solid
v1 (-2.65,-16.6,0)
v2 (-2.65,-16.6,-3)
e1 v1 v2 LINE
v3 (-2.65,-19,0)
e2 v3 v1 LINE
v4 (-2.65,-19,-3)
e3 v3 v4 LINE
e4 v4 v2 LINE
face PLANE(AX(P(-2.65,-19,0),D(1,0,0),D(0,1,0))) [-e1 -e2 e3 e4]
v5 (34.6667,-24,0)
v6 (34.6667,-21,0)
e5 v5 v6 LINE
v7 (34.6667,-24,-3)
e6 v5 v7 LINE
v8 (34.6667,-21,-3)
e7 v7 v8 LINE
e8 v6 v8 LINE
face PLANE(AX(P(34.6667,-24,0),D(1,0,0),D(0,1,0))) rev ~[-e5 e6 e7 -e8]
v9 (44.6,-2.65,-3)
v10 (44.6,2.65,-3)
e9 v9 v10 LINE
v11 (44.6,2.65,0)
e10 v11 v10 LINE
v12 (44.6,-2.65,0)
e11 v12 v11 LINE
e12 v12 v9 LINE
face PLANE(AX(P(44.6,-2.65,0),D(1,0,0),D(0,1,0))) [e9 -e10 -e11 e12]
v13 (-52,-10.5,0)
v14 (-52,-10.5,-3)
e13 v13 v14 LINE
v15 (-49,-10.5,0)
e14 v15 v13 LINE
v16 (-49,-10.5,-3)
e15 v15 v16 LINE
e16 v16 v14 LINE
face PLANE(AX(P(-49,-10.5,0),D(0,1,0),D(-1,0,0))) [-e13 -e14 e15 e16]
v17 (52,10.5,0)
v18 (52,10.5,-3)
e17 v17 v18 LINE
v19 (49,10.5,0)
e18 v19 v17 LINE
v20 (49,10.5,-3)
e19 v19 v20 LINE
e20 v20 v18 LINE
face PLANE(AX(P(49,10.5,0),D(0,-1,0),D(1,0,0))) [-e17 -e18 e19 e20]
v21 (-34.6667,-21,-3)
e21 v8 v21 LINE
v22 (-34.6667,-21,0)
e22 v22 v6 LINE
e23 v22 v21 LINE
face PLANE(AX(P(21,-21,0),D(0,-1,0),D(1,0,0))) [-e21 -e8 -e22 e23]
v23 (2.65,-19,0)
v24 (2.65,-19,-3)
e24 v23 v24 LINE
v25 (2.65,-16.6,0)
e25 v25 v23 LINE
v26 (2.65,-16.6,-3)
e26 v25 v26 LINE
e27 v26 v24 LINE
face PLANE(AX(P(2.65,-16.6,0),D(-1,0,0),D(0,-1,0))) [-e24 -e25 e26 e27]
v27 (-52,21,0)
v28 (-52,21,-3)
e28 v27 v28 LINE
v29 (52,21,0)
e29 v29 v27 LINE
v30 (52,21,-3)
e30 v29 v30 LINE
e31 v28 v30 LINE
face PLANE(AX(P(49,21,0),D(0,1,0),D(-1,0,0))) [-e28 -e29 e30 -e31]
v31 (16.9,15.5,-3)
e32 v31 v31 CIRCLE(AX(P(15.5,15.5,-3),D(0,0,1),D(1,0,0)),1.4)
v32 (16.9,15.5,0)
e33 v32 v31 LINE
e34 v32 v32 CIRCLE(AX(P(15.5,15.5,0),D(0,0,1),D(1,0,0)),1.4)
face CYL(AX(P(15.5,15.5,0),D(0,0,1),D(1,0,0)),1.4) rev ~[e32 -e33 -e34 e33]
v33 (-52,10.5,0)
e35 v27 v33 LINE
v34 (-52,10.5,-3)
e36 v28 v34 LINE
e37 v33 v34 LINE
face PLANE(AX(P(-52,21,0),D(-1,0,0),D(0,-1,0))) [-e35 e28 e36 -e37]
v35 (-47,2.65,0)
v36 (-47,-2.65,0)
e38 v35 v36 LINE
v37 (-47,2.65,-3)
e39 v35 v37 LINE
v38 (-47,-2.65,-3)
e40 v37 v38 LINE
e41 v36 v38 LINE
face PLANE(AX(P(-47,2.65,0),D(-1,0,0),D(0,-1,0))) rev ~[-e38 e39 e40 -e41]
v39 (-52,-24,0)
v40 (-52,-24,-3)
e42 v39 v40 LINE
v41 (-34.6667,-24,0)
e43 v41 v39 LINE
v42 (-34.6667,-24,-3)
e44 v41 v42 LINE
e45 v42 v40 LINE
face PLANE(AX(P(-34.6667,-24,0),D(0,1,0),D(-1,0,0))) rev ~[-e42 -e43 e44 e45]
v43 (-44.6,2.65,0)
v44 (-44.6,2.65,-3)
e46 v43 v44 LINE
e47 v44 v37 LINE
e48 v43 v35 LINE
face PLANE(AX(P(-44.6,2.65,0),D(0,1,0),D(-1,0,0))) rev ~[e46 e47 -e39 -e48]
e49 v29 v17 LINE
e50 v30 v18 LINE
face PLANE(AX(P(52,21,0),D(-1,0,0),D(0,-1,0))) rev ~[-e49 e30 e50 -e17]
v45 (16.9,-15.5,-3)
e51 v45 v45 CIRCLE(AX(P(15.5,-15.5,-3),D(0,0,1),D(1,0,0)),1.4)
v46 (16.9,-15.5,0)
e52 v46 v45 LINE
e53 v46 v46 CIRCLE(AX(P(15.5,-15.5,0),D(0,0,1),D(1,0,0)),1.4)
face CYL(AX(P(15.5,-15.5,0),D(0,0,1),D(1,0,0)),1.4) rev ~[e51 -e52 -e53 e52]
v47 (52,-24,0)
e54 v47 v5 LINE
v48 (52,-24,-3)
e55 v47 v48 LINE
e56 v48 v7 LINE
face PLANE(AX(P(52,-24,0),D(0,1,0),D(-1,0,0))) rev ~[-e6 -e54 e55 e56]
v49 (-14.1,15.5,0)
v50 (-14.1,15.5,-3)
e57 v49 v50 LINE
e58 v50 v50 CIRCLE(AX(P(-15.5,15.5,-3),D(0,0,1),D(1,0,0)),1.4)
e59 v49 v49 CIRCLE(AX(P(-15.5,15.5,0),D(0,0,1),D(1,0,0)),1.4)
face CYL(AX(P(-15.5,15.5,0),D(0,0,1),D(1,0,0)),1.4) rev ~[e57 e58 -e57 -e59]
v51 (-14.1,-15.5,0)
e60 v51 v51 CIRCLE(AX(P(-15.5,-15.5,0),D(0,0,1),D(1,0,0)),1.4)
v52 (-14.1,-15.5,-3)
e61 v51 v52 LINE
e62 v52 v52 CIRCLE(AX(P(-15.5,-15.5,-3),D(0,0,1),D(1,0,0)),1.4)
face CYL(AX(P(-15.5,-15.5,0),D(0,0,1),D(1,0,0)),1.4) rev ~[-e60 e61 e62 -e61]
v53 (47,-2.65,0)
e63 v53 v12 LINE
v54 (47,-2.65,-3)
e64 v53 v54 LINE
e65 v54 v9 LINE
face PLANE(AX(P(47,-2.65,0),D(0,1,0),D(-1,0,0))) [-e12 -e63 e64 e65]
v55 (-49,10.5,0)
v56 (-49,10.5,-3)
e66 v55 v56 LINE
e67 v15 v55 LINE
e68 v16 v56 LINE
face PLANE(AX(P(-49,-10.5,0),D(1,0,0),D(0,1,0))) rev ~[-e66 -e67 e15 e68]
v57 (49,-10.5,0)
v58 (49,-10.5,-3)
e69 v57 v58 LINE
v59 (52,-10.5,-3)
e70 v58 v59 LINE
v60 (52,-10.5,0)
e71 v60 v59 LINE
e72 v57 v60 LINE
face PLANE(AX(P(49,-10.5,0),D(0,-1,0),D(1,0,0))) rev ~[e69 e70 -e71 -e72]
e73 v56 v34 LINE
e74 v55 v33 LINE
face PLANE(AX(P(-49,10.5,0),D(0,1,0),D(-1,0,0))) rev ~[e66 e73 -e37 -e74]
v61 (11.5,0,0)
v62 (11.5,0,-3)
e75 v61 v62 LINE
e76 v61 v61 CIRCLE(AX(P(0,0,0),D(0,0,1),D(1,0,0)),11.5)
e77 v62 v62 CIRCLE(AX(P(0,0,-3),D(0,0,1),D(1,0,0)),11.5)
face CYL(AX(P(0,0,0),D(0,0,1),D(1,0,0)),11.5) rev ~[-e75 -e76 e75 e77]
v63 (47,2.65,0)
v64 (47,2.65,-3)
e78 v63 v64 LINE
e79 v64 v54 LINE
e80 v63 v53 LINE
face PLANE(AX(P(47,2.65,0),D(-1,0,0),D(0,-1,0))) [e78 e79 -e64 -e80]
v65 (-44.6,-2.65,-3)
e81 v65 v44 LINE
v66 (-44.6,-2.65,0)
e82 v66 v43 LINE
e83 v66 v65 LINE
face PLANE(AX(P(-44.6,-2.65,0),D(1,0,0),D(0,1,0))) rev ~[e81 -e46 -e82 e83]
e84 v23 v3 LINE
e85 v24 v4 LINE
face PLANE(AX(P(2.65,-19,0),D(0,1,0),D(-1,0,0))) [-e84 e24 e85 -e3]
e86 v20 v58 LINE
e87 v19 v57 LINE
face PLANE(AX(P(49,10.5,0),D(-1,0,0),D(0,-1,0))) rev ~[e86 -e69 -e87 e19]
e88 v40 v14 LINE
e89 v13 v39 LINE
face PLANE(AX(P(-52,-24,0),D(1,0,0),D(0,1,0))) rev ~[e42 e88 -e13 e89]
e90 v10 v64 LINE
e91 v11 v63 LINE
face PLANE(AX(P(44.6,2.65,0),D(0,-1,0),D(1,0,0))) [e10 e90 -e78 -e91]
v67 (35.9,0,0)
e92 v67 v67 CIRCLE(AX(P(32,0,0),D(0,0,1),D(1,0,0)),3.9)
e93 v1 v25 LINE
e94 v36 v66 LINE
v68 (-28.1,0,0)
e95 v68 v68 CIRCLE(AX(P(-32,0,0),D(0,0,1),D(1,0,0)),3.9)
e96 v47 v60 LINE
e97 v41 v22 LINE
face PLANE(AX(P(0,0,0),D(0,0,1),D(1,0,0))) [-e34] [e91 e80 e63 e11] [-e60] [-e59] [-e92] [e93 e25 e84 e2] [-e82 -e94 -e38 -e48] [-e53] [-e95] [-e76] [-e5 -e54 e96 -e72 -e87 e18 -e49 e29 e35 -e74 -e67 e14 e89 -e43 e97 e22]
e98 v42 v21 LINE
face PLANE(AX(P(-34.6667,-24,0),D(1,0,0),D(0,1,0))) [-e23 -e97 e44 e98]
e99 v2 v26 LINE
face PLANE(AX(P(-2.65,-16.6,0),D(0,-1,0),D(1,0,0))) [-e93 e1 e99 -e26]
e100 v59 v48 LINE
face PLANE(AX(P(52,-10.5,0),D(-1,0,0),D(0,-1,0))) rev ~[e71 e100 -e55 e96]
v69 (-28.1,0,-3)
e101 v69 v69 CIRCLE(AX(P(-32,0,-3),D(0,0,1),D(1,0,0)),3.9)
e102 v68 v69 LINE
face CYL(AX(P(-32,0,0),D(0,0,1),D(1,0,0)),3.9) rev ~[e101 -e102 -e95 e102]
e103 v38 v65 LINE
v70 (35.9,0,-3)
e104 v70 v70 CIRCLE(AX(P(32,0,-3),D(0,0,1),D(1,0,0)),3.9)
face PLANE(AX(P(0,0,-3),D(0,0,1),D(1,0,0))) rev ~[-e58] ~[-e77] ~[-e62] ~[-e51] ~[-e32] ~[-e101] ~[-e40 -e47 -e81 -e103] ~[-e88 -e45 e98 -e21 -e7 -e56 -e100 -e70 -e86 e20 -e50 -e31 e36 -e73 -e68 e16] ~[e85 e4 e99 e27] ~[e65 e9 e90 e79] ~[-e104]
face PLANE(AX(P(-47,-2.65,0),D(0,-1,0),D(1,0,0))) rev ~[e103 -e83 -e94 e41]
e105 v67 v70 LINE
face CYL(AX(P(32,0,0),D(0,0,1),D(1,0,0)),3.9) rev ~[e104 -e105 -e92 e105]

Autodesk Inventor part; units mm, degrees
ref_plane "YZ Plane" through (0, 0, 0) normal (1, 0, 0) x (0, 1, 0)
ref_plane "XZ Plane" through (0, 0, 0) normal (0, 1, 0) x (-1, 0, 0)
ref_plane "XY Plane" through (0, 0, 0) normal (0, 0, 1) x (1, 0, 0)
sketch "Sketch1" plane through (0, 0, 0) normal (0, 0, 1) x (1, 0, 0)
  line L0 (49, 21) -> (-49, 21)
  line L1 (-49, -21) -> (-21, -21)
  circle A0 centre (32, 0) radius 3.9
  circle A1 centre (-32, 0) radius 3.9
  line L2 (49, 21) -> (49, 10.5)
  line L3 (-49, -21) -> (-49, -10.5)
  line L4 (0, 41.7106) -> (0, -39.2634) construction
  line L5 (-50.5476, 0) -> (60.8869, 0) construction
  circle A2 centre (0, 0) radius 11.5
  line L6 (21, 21) -> (21, -21) construction
  line L7 (-21, -21) -> (-21, 21) construction
  line L8 (49, 21) -> (52, 21)
  line L9 (52, 21) -> (52, 10.5)
  line L10 (52, -21) -> (49, -21)
  line L11 (49, 10.5) -> (52, 10.5)
  line L12 (49, -10.5) -> (52, -10.5)
  line L13 (49, 10.5) -> (49, -10.5)
  line L14 (49, -10.5) -> (49, -21)
  line L15 (52, -10.5) -> (52, -21)
  line L16 (52, 10.5) -> (52, -10.5)
  line L17 (44.6, 2.65) -> (47, 2.65)
  line L18 (47, 2.65) -> (47, -2.65)
  line L19 (47, -2.65) -> (44.6, -2.65)
  line L20 (44.6, -2.65) -> (44.6, 2.65)
  line L21 (-49, 21) -> (-52, 21)
  line L22 (-52, 21) -> (-52, 10.5)
  line L23 (-49, 10.5) -> (-52, 10.5)
  line L24 (-49, -10.5) -> (-52, -10.5)
  line L25 (-52, -10.5) -> (-52, -21)
  line L26 (-52, 10.5) -> (-52, -10.5)
  line L27 (-44.6, 2.65) -> (-47, 2.65)
  line L28 (-47, 2.65) -> (-47, -2.65)
  line L29 (-47, -2.65) -> (-44.6, -2.65)
  line L30 (-44.6, -2.65) -> (-44.6, 2.65)
  line L31 (-52, -21) -> (-49, -21)
  line L32 (-49, 10.5) -> (-49, 21)
  line L33 (-49, -10.5) -> (-49, 10.5)
  line L34 (52, -21) -> (52, -24)
  line L35 (52, -24) -> (-52, -24)
  line L36 (-52, -24) -> (-52, -21)
  line L37 (34.6667, -24) -> (34.6667, -21)
  line L38 (-34.6667, -24) -> (-34.6667, -21)
  line L39 (-2.65, -16.6) -> (2.65, -16.6)
  line L40 (2.65, -16.6) -> (2.65, -19)
  line L41 (2.65, -19) -> (-2.65, -19)
  line L42 (-2.65, -19) -> (-2.65, -16.6)
  line L43 (21, -21) -> (49, -21)
  line L44 (-21, -21) -> (21, -21)
  circle A3 centre (-15.5, 15.5) radius 1.4
  circle A4 centre (-15.5, -15.5) radius 1.4
  circle A5 centre (15.5, -15.5) radius 1.4
  circle A6 centre (15.5, 15.5) radius 1.4
  dimension "d4" = 7.8
  dimension "d5" = 7.8
  dimension "d111" = 42
  dimension "d115" = 21
  dimension "d116" = 21
  dimension "d117" = 23
  dimension "d118" = 42
  dimension "d123" = 3
  dimension "d124" = 21
  dimension "d125" = 5.3
  dimension "d126" = 2.4
  dimension "d128" = 5
  dimension "d129" = 3
  dimension "d130" = 104
  dimension "d131" = 69.3333
  dimension "d132" = 5.3
  dimension "d133" = 2.4
  dimension "d134" = 5
  dimension "d135" = 2.8
  dimension "d136" = 5.5
  dimension "d137" = 5.5
  dimension "d140" = 360
  dimension "d143" = 12.6
extrude "Extrusion1" add sketch "Sketch1" against normal blind 3 contours L2 L13 L14 L43 L44 L1 L3 L33 L32 L0 | L8 L9 L11 L2 | L32 L23 L22 L21 | L12 L15 L10 L14 | L3 L31 L25 L24 | L10 L34 L35 L37 L43 | L1 L38 L35 L36 L31
properties part number "X-Motor-Housing_Front-Inner"
